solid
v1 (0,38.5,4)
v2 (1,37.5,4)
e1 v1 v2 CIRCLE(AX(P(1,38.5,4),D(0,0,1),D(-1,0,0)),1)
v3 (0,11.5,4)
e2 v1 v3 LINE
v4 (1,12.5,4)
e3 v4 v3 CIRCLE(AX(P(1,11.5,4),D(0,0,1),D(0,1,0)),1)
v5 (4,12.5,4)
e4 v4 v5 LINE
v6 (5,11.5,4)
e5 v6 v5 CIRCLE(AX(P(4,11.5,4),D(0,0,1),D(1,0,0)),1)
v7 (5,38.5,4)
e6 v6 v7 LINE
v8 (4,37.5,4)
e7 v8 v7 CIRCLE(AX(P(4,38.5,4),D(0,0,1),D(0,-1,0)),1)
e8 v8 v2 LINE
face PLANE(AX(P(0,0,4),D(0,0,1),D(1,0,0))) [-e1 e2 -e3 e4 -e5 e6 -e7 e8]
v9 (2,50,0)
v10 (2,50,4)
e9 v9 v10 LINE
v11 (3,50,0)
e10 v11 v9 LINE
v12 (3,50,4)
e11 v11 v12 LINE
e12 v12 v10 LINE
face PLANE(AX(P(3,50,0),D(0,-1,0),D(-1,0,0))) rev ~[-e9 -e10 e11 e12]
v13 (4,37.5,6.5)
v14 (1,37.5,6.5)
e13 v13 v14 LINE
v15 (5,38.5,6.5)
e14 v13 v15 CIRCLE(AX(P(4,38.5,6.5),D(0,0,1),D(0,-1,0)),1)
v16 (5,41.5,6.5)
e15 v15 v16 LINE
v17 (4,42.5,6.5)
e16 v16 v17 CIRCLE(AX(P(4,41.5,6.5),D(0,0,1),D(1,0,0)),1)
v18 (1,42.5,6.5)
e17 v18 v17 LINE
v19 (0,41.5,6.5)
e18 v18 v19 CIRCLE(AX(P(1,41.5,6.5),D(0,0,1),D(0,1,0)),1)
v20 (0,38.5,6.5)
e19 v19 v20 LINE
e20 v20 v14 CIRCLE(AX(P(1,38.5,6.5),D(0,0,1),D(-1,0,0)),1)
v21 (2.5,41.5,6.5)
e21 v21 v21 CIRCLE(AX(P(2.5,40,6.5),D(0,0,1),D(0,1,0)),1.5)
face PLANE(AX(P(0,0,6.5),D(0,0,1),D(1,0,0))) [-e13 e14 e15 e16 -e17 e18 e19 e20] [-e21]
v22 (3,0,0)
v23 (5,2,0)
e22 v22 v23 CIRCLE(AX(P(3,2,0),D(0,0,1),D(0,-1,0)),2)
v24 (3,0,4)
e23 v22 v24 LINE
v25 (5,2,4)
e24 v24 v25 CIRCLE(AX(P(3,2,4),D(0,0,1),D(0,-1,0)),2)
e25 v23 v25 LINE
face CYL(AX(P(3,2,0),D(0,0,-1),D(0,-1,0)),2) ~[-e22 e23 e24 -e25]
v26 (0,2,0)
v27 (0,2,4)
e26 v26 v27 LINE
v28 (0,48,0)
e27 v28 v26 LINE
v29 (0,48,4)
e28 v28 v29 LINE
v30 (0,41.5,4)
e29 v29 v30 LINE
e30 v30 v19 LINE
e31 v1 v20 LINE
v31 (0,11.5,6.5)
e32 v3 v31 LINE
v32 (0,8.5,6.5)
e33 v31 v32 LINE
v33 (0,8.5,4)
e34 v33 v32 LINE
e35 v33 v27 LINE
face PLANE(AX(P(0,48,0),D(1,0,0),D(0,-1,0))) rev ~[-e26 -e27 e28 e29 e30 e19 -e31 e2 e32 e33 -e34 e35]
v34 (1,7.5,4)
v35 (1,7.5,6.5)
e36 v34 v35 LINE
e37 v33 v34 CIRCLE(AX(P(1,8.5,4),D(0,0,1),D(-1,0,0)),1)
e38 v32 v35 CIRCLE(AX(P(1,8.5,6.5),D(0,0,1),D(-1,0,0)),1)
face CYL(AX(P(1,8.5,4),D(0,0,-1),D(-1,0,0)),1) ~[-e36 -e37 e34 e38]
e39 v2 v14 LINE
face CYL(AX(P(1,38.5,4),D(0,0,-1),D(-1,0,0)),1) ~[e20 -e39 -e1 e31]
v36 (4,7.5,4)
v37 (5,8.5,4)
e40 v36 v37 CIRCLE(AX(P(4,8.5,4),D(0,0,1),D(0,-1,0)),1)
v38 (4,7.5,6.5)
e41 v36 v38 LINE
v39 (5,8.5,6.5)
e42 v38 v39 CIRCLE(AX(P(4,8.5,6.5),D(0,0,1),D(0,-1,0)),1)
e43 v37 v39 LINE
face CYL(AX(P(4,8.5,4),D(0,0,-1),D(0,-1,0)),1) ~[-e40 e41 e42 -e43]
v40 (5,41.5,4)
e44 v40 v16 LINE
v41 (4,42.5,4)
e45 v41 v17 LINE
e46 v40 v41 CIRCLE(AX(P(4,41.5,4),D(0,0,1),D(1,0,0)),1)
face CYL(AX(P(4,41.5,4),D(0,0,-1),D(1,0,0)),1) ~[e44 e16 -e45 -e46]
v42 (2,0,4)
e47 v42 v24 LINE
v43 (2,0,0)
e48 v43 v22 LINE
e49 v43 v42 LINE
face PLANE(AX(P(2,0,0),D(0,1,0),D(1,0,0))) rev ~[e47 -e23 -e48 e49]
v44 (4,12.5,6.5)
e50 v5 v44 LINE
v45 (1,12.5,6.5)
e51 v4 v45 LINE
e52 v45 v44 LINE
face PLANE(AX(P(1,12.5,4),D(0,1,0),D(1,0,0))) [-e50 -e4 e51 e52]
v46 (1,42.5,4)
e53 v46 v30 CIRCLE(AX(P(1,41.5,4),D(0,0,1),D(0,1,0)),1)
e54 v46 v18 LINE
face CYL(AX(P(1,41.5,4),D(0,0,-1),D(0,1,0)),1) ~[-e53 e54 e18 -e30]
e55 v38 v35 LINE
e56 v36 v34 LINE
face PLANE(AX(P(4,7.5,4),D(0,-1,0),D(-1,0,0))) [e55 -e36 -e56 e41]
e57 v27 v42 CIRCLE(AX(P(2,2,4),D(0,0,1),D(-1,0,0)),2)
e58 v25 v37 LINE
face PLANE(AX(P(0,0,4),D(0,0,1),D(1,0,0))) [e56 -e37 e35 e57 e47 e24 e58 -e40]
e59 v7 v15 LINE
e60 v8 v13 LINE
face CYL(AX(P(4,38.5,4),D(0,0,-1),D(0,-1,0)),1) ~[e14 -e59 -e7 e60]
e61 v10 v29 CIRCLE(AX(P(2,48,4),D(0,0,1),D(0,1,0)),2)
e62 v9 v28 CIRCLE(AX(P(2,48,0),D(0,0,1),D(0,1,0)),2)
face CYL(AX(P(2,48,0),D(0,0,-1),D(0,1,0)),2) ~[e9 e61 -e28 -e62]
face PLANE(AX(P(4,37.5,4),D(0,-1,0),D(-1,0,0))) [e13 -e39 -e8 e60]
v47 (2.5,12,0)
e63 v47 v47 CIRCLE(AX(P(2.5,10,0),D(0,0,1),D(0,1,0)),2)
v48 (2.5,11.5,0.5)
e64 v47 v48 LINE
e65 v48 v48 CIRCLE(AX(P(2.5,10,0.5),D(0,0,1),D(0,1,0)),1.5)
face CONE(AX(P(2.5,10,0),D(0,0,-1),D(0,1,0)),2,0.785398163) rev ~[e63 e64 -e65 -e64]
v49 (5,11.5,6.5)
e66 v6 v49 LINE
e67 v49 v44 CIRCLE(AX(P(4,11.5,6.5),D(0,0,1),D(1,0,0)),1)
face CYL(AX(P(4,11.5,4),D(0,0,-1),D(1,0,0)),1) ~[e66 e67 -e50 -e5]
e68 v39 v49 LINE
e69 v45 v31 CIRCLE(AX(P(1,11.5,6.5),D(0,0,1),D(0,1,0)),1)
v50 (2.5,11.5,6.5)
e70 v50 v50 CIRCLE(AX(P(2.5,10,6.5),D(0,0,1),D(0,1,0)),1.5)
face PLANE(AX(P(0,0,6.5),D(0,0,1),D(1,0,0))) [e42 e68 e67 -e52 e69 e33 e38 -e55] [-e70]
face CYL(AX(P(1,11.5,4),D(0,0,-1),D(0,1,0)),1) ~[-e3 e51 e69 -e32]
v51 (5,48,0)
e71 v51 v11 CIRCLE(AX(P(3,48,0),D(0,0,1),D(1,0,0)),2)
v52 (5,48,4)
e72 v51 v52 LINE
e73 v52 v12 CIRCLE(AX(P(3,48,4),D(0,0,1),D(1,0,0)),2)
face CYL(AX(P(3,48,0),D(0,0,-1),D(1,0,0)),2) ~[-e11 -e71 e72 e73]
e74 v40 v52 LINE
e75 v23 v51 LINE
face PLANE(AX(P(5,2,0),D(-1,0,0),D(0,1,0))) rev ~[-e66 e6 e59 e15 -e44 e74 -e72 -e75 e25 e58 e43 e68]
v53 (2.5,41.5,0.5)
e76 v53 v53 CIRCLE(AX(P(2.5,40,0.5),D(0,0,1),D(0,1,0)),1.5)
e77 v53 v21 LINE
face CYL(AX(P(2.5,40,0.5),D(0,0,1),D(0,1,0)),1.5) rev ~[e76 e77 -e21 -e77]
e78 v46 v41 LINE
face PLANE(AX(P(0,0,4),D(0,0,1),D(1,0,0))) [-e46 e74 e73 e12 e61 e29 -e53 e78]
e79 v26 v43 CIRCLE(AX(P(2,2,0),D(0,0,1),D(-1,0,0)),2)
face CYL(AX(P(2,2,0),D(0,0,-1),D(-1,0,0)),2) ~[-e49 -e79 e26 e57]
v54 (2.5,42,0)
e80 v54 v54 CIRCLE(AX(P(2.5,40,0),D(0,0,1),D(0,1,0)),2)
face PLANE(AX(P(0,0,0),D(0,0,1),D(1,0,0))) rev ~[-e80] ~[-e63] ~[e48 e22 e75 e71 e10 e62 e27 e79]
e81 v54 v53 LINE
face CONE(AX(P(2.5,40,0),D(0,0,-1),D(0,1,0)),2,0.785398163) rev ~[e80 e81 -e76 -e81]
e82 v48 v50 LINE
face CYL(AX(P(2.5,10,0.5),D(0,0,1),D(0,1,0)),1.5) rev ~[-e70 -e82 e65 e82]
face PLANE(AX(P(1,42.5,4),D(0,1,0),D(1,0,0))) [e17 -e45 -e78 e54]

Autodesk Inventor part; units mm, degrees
ref_plane "YZ Plane" through (0, 0, 0) normal (1, 0, 0) x (0, 1, 0)
ref_plane "XZ Plane" through (0, 0, 0) normal (0, 1, 0) x (-1, 0, 0)
ref_plane "XY Plane" through (0, 0, 0) normal (0, 0, 1) x (1, 0, 0)
sketch "Skizze1" plane through (0, 0, 0) normal (0, 0, 1) x (1, 0, 0)
  line L0 (2, 0) -> (3, 0)
  line L1 (5, 2) -> (5, 48)
  line L2 (3, 50) -> (2, 50)
  line L3 (0, 48) -> (0, 2)
  arc A0 (5, 48) -> (3, 50) centre (3, 48) ccw
  arc A1 (3, 0) -> (5, 2) centre (3, 2) ccw
  arc A2 (0, 2) -> (2, 0) centre (2, 2) ccw
  arc A3 (2, 50) -> (0, 48) centre (2, 48) ccw
  point P0 (0, 0)
  point P1 (5, 50)
  point P2 (5, 0)
  point P3 (0, 50)
  dimension "d0" = 5
  dimension "d1" = 50
  dimension "d2" = 2
extrude "Extrusion1" add sketch "Skizze1" along normal blind 4
sketch "Skizze2" plane through (0, 0, 4) normal (0, 0, 1) x (1, 0, 0)
  line L0 (5, 2) -> (5, 48) projected
  line L1 (3, 50) -> (2, 50) projected
  line L2 (2, 0) -> (3, 0) projected
  line L3 (0, 48) -> (0, 2) projected
  line L4 (1, 42.5) -> (4, 42.5)
  line L5 (5, 41.5) -> (5, 38.5)
  line L6 (4, 37.5) -> (1, 37.5)
  line L7 (0, 38.5) -> (0, 41.5)
  line L8 (1, 12.5) -> (4, 12.5)
  line L9 (5, 11.5) -> (5, 8.5)
  line L10 (4, 7.5) -> (1, 7.5)
  line L11 (0, 8.5) -> (0, 11.5)
  arc A0 (5, 41.5) -> (4, 42.5) centre (4, 41.5) ccw
  arc A1 (4, 37.5) -> (5, 38.5) centre (4, 38.5) ccw
  arc A2 (0, 38.5) -> (1, 37.5) centre (1, 38.5) ccw
  arc A3 (1, 42.5) -> (0, 41.5) centre (1, 41.5) ccw
  arc A4 (5, 11.5) -> (4, 12.5) centre (4, 11.5) ccw
  arc A5 (4, 7.5) -> (5, 8.5) centre (4, 8.5) ccw
  arc A6 (0, 8.5) -> (1, 7.5) centre (1, 8.5) ccw
  arc A7 (1, 12.5) -> (0, 11.5) centre (1, 11.5) ccw
  point P0 (0, 0)
  point P1 (0, 42.5)
  point P2 (5, 37.5)
  point P3 (0, 12.5)
  point P4 (5, 7.5)
  dimension "d12" = 1
  dimension "d13" = 7.5
  dimension "d14" = 5
  dimension "d15" = 5
  dimension "d16" = 7.5
extrude "Extrusion2" add sketch "Skizze2" along normal blind 2.5 contours A5 L10 A6 L3 A7 L8 A4 L0 | A1 L6 A2 L3 A3 L4 A0 L0
hole "Bohrung2" at (2.5, 40, 0) direction (0, 0, 1) diameter 3 end through all countersink diameter 4 countersink angle 90
hole "Bohrung3" at (2.5, 10, 0) direction (0, 0, 1) diameter 3 end through all countersink diameter 4 countersink angle 90
equation "\"d15\" = d14"
equation "\"d16\" = d13"
equation "\"d26\" = 0.5 * d0"
equation "\"d27\" = 0.5 * d14"
equation "\"d36\" = 0.5 * d15"
properties part number "Halter"
